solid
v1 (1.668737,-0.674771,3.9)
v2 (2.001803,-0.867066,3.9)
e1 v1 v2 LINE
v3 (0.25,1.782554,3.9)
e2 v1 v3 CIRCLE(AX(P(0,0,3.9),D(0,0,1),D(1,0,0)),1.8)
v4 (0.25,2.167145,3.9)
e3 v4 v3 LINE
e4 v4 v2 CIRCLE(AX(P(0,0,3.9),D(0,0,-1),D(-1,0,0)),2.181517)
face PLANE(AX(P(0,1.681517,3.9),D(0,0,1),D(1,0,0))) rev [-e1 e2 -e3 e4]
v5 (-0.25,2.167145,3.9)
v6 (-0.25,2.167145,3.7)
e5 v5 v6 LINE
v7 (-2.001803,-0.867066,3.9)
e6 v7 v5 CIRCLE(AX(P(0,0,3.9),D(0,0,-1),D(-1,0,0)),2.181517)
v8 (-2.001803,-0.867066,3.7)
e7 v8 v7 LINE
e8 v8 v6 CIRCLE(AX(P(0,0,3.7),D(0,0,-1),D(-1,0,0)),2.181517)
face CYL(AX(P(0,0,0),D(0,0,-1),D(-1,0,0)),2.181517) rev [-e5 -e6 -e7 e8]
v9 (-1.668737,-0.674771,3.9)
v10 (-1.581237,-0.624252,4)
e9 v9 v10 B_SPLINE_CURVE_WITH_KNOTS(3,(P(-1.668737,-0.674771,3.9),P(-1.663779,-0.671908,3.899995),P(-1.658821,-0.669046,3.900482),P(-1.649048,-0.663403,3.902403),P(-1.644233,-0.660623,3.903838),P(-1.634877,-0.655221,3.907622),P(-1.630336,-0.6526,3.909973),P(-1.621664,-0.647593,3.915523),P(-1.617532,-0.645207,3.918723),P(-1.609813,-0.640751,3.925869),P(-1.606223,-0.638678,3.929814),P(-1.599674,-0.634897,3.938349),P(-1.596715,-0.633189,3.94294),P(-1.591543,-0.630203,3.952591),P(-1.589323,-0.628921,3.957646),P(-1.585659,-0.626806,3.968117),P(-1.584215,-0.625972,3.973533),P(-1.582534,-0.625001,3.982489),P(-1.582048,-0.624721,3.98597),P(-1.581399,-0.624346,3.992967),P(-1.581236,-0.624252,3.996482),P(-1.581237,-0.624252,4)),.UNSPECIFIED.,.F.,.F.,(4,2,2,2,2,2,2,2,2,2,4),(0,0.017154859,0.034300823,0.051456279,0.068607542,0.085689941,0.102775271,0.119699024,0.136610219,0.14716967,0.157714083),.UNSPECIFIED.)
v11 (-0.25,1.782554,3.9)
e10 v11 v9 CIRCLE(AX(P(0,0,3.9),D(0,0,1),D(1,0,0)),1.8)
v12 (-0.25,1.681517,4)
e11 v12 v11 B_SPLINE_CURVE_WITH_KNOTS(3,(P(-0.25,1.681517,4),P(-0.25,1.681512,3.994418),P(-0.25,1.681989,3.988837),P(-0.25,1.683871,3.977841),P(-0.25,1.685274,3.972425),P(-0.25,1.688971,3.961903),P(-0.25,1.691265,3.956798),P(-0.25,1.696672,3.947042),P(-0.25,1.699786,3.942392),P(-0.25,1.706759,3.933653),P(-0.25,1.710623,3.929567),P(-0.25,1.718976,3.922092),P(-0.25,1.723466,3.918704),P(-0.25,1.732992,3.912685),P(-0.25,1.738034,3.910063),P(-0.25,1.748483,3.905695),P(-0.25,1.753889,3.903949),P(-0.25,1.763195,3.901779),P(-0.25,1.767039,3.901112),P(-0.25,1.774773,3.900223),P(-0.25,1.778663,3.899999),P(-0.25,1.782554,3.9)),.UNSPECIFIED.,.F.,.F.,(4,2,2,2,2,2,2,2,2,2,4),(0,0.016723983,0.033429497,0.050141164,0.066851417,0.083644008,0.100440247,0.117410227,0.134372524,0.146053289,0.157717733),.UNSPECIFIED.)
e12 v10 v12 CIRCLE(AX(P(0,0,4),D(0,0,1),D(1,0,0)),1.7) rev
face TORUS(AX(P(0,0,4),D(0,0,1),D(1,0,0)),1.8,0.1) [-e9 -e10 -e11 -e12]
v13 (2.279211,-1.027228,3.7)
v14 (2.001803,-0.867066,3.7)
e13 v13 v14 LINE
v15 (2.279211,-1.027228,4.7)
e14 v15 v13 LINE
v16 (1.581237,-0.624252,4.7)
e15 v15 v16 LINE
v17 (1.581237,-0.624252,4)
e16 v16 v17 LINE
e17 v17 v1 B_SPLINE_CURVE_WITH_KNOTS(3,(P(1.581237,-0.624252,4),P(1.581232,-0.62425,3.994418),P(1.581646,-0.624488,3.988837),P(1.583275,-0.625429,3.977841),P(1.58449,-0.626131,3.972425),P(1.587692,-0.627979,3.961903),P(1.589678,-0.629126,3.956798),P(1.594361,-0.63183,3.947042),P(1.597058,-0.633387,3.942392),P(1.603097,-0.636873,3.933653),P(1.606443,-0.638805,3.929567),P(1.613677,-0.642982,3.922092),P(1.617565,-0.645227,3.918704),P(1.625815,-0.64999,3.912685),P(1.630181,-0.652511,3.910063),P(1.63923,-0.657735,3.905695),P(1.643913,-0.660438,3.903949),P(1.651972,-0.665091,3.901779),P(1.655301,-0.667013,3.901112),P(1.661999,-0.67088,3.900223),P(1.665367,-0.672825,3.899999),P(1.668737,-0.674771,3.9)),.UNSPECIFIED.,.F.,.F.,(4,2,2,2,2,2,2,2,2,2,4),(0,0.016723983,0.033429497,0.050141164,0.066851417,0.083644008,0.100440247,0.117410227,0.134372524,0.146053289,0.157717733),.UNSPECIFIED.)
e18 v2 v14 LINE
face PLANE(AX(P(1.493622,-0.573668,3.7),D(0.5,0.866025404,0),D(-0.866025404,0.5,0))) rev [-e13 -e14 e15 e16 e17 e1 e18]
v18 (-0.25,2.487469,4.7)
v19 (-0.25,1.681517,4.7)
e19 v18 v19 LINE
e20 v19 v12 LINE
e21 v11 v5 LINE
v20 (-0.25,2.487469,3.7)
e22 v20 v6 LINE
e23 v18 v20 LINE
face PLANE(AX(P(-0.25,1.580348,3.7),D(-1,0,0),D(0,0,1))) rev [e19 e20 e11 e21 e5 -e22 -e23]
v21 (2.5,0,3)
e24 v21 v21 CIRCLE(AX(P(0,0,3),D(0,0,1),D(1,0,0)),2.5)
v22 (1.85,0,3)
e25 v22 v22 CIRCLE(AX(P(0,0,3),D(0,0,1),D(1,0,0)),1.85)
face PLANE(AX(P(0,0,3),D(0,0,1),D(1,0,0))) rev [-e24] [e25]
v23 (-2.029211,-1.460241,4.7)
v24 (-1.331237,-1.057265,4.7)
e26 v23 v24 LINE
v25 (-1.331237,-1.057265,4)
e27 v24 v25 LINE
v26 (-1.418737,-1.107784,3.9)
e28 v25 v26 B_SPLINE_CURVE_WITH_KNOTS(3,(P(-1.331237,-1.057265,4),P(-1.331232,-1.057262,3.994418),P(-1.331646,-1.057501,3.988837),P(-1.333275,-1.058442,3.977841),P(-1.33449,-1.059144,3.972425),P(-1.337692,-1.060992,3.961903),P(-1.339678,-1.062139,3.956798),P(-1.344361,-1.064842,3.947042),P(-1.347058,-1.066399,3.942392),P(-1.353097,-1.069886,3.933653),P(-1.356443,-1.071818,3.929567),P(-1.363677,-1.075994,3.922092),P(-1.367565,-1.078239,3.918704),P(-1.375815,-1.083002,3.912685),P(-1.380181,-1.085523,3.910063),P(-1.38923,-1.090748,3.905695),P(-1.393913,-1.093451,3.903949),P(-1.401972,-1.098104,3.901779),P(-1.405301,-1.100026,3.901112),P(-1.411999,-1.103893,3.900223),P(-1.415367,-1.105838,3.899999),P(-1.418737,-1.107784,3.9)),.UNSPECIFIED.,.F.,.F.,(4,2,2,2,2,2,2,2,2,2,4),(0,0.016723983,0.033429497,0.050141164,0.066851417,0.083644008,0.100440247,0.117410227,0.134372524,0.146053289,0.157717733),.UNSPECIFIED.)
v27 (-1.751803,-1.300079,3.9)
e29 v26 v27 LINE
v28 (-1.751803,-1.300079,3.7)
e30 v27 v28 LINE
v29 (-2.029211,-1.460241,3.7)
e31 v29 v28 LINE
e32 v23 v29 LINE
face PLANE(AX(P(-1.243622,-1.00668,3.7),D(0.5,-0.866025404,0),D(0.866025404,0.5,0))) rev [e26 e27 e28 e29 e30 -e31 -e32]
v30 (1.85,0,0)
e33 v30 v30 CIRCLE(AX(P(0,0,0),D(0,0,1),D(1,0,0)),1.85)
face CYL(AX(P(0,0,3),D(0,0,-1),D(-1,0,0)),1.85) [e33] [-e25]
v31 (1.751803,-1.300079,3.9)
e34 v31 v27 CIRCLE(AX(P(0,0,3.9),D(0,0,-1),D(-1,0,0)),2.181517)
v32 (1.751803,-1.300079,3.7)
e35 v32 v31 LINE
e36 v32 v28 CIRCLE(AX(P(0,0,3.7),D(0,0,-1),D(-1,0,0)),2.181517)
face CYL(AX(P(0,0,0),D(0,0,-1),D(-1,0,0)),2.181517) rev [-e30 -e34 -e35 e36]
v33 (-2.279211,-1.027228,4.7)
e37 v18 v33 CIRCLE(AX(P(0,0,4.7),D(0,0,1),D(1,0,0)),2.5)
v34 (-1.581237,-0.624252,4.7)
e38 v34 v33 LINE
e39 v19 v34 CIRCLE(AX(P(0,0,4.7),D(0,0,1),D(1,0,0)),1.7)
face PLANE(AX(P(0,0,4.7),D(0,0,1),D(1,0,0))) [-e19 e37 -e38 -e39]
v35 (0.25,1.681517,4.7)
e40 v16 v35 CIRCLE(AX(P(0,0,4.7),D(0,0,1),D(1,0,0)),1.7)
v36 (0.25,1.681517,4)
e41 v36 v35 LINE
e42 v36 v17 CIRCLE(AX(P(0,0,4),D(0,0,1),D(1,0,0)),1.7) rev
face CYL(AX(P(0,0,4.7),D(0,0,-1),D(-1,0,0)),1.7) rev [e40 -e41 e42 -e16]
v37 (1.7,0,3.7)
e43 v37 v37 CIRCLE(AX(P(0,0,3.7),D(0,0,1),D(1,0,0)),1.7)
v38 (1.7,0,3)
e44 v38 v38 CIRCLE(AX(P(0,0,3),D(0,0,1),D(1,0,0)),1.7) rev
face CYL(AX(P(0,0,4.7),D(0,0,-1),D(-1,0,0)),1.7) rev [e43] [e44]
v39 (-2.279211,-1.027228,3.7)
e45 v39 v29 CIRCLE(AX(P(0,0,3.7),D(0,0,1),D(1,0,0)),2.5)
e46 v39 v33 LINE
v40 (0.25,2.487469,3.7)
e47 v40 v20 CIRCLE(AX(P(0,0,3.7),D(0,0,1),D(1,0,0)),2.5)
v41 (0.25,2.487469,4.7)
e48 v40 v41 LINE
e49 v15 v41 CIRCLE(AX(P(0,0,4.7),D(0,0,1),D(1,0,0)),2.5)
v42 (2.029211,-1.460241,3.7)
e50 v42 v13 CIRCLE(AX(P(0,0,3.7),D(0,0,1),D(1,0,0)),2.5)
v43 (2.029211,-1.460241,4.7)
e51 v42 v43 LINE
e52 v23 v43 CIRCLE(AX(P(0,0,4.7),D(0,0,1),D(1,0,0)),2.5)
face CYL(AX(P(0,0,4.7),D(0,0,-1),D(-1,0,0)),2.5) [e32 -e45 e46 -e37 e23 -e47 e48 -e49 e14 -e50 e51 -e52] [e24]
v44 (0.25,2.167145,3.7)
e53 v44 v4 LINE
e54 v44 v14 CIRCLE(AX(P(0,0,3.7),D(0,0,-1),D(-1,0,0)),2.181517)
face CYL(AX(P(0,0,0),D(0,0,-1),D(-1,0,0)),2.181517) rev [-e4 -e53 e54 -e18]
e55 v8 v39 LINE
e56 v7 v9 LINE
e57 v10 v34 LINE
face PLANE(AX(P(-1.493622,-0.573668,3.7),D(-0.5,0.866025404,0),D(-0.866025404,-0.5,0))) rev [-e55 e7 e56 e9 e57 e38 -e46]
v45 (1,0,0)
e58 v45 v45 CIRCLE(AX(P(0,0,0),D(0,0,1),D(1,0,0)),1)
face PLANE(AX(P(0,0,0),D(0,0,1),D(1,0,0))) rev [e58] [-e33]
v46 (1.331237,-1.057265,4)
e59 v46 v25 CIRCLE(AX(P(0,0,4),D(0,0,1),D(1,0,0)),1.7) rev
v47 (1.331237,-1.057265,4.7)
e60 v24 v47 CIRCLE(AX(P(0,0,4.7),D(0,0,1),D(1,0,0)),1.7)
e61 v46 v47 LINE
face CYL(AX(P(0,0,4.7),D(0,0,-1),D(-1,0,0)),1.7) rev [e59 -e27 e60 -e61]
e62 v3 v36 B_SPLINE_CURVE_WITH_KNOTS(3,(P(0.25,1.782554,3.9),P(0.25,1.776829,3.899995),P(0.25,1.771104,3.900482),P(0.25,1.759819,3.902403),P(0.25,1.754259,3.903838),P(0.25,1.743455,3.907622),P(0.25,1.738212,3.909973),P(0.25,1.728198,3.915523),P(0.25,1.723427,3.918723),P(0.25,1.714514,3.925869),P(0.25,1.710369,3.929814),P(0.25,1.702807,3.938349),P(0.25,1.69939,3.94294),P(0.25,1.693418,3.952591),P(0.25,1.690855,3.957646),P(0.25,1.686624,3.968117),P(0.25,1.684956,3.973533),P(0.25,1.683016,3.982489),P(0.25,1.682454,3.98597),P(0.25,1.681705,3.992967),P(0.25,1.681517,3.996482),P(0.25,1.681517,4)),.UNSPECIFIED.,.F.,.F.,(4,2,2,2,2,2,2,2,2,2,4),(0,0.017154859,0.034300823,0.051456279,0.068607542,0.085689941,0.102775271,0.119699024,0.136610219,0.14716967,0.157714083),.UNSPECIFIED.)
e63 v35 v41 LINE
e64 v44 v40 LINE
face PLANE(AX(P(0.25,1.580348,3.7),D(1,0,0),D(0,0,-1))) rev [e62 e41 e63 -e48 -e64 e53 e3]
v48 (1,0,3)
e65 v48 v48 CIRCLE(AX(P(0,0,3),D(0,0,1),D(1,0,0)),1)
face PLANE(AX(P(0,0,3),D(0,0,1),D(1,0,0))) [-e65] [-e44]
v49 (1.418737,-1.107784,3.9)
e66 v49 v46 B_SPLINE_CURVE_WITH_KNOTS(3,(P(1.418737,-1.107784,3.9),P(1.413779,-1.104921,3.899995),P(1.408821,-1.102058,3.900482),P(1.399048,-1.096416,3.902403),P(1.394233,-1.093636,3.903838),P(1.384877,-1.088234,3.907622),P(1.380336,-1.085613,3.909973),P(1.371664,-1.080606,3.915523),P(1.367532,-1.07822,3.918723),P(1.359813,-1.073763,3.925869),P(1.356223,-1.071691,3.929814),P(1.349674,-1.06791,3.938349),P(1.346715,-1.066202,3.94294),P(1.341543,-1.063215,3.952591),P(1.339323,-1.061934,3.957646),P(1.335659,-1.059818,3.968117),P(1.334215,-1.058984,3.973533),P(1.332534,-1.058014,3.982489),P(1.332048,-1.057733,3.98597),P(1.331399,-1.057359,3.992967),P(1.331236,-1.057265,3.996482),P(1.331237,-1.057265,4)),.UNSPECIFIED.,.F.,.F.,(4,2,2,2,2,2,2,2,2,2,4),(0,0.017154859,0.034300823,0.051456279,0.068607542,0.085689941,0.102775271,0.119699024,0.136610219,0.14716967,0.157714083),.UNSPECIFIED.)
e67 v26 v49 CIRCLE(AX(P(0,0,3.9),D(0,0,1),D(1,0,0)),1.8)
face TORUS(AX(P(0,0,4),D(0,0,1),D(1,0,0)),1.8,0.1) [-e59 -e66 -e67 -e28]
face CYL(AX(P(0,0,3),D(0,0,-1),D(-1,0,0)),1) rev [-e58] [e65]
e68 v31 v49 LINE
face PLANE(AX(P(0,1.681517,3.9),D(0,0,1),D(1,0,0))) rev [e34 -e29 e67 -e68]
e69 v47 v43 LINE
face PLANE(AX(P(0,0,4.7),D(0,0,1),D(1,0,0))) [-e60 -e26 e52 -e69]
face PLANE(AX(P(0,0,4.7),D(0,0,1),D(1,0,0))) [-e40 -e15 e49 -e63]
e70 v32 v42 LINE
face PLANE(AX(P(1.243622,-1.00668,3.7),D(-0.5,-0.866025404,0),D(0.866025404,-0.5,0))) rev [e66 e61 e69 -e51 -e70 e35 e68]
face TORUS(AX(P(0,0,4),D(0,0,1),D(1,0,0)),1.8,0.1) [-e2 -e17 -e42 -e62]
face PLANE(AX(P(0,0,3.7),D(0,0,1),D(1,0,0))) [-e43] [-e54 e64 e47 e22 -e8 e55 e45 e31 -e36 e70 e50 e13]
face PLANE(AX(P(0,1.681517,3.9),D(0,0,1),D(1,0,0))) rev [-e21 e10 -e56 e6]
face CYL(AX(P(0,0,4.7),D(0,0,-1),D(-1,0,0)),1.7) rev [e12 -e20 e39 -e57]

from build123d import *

# Parameters (mm, degrees)
SKETCH_1_R          = 1.85
SKETCH_1_R_2        = 1
EXTRUDE_3_DEPTH     = 3
SKETCH_4_R          = 2.5
SKETCH_4_R_2        = 1.7
EXTRUDE_4_DEPTH     = 1.7
CUT_EXTRUDE_3_DEPTH = 1
SKETCH_7_W          = 0.2
SKETCH_7_H          = 0.5
FILLET_1_R          = 0.1


with BuildPart() as part:
    # Эскиз1 → Бобышка-Вытянуть3 (new body)
    with BuildSketch(Plane.XY):
        Circle(SKETCH_1_R)
        Circle(SKETCH_1_R_2, mode=Mode.SUBTRACT)
    extrude(amount=EXTRUDE_3_DEPTH)

    # Эскиз4 → Бобышка-Вытянуть4 (add)
    with BuildSketch(Plane.XY.offset(3)):
        Circle(SKETCH_4_R)
        Circle(SKETCH_4_R_2, mode=Mode.SUBTRACT)
    extrude(amount=EXTRUDE_4_DEPTH)

    # Эскиз5 → Вырез-Вытянуть3 (cut)
    with BuildSketch(Plane.XY.offset(4.7)):
        with BuildLine():
            Line((0.25, 1.580348063), (0.25, 2.5))
            ThreePointArc((0.25, 2.5), (0, 2.512468905), (-0.25, 2.5))
            Line((-0.25, 2.5), (-0.25, 1.580348063))
            ThreePointArc((-0.25, 1.580348063), (0, 1.6), (0.25, 1.580348063))
        make_face()
        with BuildLine():
            Line((1.243621569, -1.006680382), (2.040063509, -1.466506351))
            ThreePointArc((2.040063509, -1.466506351), (2.175861898, -1.256234453), (2.290063509, -1.033493649))
            Line((2.290063509, -1.033493649), (1.493621569, -0.573667681))
            ThreePointArc((1.493621569, -0.573667681), (1.385640646, -0.8), (1.243621569, -1.006680382))
        make_face()
        with BuildLine():
            Line((-1.493621569, -0.573667681), (-2.290063509, -1.033493649))
            ThreePointArc((-2.290063509, -1.033493649), (-2.175861898, -1.256234453), (-2.040063509, -1.466506351))
            Line((-2.040063509, -1.466506351), (-1.243621569, -1.006680382))
            ThreePointArc((-1.243621569, -1.006680382), (-1.385640646, -0.8), (-1.493621569, -0.573667681))
        make_face()
    extrude(amount=-CUT_EXTRUDE_3_DEPTH, mode=Mode.SUBTRACT)

    # Эскиз7 → Вырез-Повернуть1 (revolve, cut)
    with BuildSketch(Plane(origin=(0, 0, 0), x_dir=(0, 0, -1), z_dir=(1, 0, 0)), mode=Mode.PRIVATE) as cut_revolve_1_sk:
        with Locations((-3.8, 1.931517172)):
            Rectangle(SKETCH_7_W, SKETCH_7_H)
    revolve(cut_revolve_1_sk.sketch.rotate(Axis((0, 0, 0), (0, 0, 1)), 270), axis=Axis((0, 0, 0), (0, 0, 1)), mode=Mode.SUBTRACT)

    # Скругление1
    fillet_1_edges = [part.edges().sort_by_distance(p)[0] for p in [
        (0, -1.7, 3.9),
        (1.472243186, 0.85, 3.9),
        (-1.472243186, 0.85, 3.9),
    ]]
    fillet(fillet_1_edges, radius=FILLET_1_R)


solid = part.part
